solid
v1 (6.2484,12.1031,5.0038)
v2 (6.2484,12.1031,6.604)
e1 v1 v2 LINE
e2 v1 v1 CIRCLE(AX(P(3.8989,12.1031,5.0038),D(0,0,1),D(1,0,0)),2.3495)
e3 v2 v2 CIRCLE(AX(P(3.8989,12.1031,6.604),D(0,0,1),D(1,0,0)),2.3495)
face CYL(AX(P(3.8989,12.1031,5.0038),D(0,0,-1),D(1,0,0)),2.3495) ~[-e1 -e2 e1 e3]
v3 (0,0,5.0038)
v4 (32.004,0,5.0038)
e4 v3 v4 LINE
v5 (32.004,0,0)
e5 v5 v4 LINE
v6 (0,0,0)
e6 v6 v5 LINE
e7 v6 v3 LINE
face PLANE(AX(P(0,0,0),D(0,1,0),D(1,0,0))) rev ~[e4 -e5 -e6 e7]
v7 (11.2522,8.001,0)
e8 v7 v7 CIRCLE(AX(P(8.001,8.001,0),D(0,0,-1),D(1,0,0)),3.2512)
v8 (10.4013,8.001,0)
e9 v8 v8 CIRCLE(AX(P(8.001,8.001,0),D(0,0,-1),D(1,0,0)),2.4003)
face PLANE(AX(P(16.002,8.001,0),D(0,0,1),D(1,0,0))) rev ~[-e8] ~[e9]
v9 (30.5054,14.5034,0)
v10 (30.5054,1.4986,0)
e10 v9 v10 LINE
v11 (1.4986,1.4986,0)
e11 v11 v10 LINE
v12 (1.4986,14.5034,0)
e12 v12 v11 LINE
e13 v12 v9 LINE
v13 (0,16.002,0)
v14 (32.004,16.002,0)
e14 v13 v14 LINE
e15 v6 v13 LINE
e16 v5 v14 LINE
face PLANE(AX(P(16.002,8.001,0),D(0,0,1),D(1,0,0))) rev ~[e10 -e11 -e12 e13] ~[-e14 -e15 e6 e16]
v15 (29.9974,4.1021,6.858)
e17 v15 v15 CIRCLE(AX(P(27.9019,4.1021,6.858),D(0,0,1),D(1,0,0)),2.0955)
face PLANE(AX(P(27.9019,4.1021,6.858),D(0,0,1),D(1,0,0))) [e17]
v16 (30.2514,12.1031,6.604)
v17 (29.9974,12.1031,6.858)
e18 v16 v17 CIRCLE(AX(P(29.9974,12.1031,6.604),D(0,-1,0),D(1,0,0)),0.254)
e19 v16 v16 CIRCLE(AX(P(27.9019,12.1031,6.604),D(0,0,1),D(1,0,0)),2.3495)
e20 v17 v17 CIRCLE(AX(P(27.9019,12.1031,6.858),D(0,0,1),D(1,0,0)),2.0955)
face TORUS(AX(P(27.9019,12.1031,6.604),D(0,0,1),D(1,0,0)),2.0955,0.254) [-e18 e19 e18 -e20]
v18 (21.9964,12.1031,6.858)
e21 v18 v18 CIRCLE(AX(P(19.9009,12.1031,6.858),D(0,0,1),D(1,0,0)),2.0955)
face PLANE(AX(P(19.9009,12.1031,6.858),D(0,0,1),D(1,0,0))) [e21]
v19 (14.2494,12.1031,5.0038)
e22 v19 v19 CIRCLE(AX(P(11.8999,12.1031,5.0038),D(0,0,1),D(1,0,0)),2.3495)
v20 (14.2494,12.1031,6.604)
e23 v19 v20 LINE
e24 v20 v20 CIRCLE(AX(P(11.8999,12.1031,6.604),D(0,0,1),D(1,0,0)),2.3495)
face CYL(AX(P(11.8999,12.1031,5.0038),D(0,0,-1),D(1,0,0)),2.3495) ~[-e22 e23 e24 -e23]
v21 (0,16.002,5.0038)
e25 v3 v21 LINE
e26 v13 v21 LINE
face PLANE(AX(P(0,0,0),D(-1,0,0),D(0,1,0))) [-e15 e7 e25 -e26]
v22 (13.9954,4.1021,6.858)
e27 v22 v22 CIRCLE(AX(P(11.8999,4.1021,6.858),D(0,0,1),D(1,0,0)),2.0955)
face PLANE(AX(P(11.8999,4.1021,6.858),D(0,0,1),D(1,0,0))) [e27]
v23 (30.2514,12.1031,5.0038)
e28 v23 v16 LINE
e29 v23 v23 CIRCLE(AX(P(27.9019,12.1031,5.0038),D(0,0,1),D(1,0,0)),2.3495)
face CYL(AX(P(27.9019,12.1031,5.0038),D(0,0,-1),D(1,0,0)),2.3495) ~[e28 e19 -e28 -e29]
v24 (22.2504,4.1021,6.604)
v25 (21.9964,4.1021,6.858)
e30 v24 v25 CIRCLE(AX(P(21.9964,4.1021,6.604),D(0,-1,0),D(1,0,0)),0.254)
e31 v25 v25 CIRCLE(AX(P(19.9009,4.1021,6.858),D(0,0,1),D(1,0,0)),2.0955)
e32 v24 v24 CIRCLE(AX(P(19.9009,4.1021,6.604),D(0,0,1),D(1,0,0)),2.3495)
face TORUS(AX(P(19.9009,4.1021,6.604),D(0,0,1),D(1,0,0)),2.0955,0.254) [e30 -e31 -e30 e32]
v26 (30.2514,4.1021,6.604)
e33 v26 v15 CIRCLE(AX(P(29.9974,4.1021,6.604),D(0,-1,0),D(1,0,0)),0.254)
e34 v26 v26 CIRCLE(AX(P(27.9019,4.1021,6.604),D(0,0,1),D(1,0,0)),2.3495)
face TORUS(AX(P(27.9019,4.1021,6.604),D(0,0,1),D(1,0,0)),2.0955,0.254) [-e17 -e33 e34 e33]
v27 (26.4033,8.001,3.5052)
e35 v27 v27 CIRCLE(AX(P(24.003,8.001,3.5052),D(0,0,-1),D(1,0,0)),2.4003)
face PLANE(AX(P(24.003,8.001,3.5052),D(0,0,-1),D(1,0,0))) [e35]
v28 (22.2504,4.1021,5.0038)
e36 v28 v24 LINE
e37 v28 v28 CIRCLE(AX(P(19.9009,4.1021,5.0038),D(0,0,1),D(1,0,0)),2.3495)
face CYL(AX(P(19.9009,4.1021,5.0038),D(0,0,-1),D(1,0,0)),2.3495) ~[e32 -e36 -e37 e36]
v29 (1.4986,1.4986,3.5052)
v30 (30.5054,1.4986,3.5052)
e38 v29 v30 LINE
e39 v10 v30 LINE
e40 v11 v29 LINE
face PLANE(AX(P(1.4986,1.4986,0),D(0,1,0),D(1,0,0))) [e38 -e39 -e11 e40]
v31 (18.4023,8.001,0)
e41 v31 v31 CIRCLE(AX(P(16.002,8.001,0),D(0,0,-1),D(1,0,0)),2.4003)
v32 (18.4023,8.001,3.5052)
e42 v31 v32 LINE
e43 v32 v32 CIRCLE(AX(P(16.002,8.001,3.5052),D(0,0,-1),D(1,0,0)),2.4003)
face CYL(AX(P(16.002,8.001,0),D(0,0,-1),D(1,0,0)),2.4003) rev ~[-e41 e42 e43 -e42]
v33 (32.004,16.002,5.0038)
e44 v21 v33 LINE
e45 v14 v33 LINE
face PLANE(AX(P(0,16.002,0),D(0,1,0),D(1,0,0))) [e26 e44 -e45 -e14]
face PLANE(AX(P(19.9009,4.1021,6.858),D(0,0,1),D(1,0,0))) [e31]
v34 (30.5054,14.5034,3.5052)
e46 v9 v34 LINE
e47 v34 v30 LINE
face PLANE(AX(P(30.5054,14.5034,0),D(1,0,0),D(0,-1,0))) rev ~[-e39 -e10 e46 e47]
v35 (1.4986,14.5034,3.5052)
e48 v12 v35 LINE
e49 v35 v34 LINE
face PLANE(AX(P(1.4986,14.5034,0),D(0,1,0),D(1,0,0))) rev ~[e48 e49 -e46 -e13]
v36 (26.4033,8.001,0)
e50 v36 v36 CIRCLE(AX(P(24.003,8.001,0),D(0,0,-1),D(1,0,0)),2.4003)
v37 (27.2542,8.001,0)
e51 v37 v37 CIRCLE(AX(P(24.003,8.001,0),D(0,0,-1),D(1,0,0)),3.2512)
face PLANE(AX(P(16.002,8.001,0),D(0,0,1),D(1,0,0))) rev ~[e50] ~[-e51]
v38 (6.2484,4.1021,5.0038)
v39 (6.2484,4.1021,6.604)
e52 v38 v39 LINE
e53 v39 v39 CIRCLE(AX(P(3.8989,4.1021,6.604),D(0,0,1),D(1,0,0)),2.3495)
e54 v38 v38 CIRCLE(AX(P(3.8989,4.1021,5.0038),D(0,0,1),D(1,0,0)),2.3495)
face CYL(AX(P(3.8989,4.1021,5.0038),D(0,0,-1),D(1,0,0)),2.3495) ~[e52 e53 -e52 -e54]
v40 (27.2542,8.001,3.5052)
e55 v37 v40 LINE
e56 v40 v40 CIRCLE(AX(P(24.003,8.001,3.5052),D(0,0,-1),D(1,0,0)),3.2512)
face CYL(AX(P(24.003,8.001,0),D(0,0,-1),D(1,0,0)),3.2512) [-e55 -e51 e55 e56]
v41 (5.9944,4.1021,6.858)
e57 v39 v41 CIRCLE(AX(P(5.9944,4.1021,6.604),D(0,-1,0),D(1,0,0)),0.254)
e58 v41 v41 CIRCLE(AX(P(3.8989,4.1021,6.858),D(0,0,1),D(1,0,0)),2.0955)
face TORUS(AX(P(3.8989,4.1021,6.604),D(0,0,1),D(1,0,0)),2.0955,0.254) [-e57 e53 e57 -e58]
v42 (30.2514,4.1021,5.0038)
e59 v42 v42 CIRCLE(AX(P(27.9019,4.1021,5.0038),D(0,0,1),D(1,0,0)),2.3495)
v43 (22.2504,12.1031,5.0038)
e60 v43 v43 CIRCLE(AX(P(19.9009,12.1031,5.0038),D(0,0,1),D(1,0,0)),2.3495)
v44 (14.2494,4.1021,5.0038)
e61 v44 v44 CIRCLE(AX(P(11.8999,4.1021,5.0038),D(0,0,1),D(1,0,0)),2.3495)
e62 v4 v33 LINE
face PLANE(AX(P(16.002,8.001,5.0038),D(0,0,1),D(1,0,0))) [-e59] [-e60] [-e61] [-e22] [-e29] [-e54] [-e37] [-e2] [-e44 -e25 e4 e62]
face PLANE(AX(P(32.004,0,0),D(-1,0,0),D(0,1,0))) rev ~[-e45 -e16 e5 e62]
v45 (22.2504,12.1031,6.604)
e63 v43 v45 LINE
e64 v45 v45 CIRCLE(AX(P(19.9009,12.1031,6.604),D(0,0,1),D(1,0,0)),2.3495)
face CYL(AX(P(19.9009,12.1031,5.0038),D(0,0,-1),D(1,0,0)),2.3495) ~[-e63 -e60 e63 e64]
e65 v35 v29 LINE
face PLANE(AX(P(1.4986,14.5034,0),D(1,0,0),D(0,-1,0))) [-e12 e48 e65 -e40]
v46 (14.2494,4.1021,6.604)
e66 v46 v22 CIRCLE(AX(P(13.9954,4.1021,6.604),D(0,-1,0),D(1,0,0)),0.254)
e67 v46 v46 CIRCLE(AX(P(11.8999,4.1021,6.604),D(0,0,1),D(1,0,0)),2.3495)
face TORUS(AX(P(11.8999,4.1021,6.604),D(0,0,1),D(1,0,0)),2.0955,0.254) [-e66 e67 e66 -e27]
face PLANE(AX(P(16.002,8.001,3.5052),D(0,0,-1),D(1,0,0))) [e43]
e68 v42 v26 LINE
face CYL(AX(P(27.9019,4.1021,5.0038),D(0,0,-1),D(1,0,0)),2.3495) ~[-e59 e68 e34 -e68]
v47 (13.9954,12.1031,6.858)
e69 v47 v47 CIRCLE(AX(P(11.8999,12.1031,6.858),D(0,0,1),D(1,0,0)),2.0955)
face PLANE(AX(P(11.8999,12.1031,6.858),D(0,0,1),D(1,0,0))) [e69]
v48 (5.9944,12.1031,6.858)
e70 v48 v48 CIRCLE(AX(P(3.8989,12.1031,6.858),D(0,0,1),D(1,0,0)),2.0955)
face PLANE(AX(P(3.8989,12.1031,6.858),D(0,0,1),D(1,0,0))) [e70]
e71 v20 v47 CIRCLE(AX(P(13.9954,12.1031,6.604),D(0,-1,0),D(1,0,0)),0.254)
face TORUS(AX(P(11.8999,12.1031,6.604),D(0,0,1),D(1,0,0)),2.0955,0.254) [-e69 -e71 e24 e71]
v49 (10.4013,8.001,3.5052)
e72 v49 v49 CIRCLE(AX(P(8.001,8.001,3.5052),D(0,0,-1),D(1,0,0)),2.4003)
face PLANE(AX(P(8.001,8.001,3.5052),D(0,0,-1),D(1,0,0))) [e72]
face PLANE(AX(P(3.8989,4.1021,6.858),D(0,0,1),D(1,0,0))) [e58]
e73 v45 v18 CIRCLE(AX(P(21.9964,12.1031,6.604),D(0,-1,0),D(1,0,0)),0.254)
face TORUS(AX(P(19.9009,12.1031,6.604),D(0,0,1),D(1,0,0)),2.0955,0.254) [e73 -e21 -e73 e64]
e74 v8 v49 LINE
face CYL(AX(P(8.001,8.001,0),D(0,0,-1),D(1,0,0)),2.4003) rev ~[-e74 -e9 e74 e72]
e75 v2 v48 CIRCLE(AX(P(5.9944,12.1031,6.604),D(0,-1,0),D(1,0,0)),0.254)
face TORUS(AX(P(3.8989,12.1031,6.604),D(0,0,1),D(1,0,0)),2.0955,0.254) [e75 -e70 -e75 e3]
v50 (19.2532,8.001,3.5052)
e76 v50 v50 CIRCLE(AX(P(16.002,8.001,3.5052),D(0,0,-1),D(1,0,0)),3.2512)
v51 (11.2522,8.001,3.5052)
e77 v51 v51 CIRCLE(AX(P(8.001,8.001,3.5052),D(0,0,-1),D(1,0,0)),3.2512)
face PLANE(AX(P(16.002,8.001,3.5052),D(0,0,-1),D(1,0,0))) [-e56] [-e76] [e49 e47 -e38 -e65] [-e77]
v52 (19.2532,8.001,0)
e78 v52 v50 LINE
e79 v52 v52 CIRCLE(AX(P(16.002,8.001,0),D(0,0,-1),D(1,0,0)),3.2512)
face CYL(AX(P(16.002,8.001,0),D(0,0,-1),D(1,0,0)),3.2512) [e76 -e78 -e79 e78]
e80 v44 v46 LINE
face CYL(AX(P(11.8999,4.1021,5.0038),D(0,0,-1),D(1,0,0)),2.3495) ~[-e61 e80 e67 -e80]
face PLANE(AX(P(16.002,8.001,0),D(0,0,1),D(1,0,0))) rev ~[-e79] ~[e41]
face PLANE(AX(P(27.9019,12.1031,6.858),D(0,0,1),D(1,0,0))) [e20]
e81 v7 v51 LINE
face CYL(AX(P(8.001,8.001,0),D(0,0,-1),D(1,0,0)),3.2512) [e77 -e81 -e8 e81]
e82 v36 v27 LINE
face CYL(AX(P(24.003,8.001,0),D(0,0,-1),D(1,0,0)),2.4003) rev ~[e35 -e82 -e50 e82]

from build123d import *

# Parameters (mm, degrees)
F0_W     = 32.004
F0_H     = 16.002
F1_DEPTH = 5.0038
F2_R     = 2.3495
F3_DEPTH = 1.8542
F4_R     = 0.254
F5_W     = 29.0068
F5_H     = 13.0048
F5_R     = 3.2512
F5_R_2   = 2.4003
F6_DEPTH = 3.5052


with BuildPart() as f1:
    # F0 (on Top) → F1 (new body)
    with BuildSketch(Plane.XY):
        with Locations((16.002, 8.001)):
            Rectangle(F0_W, F0_H)
    extrude(amount=F1_DEPTH)

    # F2 (on face) → F3 (join)
    with BuildSketch(Plane.XY.offset(5.0038)):
        with Locations((3.8989, 12.1031)):
            Circle(F2_R)
        with Locations((3.8989, 4.1021)):
            Circle(F2_R)
        with Locations((11.8999, 12.1031)):
            Circle(F2_R)
        with Locations((11.8999, 4.1021)):
            Circle(F2_R)
        with Locations((19.9009, 12.1031)):
            Circle(F2_R)
        with Locations((19.9009, 4.1021)):
            Circle(F2_R)
        with Locations((27.9019, 12.1031)):
            Circle(F2_R)
        with Locations((27.9019, 4.1021)):
            Circle(F2_R)
    extrude(amount=F3_DEPTH)

    # F4
    f4_edges = [f1.edges().sort_by_distance(p)[0] for p in [
        (1.5494, 12.1031, 6.858),
        (9.5504, 12.1031, 6.858),
        (17.5514, 12.1031, 6.858),
        (25.5524, 12.1031, 6.858),
        (25.5524, 4.1021, 6.858),
        (17.5514, 4.1021, 6.858),
        (9.5504, 4.1021, 6.858),
        (1.5494, 4.1021, 6.858),
    ]]
    fillet(f4_edges, radius=F4_R)

    # F5 (on face) → F6 (cut)
    with BuildSketch(Plane(origin=(0, 0, 0), x_dir=(1, 0, 0), z_dir=(0, 0, -1))):
        with Locations((16.002, -8.001)):
            Rectangle(F5_W, F5_H)
        with Locations((8.001, -8.001)):
            Circle(F5_R, mode=Mode.SUBTRACT)
        with Locations((16.002, -8.001)):
            Circle(F5_R, mode=Mode.SUBTRACT)
        with Locations((24.003, -8.001)):
            Circle(F5_R, mode=Mode.SUBTRACT)
        with Locations((8.001, -8.001)):
            Circle(F5_R_2)
        with Locations((16.002, -8.001)):
            Circle(F5_R_2)
        with Locations((24.003, -8.001)):
            Circle(F5_R_2)
    extrude(amount=-F6_DEPTH, mode=Mode.SUBTRACT)


solid = f1.part
